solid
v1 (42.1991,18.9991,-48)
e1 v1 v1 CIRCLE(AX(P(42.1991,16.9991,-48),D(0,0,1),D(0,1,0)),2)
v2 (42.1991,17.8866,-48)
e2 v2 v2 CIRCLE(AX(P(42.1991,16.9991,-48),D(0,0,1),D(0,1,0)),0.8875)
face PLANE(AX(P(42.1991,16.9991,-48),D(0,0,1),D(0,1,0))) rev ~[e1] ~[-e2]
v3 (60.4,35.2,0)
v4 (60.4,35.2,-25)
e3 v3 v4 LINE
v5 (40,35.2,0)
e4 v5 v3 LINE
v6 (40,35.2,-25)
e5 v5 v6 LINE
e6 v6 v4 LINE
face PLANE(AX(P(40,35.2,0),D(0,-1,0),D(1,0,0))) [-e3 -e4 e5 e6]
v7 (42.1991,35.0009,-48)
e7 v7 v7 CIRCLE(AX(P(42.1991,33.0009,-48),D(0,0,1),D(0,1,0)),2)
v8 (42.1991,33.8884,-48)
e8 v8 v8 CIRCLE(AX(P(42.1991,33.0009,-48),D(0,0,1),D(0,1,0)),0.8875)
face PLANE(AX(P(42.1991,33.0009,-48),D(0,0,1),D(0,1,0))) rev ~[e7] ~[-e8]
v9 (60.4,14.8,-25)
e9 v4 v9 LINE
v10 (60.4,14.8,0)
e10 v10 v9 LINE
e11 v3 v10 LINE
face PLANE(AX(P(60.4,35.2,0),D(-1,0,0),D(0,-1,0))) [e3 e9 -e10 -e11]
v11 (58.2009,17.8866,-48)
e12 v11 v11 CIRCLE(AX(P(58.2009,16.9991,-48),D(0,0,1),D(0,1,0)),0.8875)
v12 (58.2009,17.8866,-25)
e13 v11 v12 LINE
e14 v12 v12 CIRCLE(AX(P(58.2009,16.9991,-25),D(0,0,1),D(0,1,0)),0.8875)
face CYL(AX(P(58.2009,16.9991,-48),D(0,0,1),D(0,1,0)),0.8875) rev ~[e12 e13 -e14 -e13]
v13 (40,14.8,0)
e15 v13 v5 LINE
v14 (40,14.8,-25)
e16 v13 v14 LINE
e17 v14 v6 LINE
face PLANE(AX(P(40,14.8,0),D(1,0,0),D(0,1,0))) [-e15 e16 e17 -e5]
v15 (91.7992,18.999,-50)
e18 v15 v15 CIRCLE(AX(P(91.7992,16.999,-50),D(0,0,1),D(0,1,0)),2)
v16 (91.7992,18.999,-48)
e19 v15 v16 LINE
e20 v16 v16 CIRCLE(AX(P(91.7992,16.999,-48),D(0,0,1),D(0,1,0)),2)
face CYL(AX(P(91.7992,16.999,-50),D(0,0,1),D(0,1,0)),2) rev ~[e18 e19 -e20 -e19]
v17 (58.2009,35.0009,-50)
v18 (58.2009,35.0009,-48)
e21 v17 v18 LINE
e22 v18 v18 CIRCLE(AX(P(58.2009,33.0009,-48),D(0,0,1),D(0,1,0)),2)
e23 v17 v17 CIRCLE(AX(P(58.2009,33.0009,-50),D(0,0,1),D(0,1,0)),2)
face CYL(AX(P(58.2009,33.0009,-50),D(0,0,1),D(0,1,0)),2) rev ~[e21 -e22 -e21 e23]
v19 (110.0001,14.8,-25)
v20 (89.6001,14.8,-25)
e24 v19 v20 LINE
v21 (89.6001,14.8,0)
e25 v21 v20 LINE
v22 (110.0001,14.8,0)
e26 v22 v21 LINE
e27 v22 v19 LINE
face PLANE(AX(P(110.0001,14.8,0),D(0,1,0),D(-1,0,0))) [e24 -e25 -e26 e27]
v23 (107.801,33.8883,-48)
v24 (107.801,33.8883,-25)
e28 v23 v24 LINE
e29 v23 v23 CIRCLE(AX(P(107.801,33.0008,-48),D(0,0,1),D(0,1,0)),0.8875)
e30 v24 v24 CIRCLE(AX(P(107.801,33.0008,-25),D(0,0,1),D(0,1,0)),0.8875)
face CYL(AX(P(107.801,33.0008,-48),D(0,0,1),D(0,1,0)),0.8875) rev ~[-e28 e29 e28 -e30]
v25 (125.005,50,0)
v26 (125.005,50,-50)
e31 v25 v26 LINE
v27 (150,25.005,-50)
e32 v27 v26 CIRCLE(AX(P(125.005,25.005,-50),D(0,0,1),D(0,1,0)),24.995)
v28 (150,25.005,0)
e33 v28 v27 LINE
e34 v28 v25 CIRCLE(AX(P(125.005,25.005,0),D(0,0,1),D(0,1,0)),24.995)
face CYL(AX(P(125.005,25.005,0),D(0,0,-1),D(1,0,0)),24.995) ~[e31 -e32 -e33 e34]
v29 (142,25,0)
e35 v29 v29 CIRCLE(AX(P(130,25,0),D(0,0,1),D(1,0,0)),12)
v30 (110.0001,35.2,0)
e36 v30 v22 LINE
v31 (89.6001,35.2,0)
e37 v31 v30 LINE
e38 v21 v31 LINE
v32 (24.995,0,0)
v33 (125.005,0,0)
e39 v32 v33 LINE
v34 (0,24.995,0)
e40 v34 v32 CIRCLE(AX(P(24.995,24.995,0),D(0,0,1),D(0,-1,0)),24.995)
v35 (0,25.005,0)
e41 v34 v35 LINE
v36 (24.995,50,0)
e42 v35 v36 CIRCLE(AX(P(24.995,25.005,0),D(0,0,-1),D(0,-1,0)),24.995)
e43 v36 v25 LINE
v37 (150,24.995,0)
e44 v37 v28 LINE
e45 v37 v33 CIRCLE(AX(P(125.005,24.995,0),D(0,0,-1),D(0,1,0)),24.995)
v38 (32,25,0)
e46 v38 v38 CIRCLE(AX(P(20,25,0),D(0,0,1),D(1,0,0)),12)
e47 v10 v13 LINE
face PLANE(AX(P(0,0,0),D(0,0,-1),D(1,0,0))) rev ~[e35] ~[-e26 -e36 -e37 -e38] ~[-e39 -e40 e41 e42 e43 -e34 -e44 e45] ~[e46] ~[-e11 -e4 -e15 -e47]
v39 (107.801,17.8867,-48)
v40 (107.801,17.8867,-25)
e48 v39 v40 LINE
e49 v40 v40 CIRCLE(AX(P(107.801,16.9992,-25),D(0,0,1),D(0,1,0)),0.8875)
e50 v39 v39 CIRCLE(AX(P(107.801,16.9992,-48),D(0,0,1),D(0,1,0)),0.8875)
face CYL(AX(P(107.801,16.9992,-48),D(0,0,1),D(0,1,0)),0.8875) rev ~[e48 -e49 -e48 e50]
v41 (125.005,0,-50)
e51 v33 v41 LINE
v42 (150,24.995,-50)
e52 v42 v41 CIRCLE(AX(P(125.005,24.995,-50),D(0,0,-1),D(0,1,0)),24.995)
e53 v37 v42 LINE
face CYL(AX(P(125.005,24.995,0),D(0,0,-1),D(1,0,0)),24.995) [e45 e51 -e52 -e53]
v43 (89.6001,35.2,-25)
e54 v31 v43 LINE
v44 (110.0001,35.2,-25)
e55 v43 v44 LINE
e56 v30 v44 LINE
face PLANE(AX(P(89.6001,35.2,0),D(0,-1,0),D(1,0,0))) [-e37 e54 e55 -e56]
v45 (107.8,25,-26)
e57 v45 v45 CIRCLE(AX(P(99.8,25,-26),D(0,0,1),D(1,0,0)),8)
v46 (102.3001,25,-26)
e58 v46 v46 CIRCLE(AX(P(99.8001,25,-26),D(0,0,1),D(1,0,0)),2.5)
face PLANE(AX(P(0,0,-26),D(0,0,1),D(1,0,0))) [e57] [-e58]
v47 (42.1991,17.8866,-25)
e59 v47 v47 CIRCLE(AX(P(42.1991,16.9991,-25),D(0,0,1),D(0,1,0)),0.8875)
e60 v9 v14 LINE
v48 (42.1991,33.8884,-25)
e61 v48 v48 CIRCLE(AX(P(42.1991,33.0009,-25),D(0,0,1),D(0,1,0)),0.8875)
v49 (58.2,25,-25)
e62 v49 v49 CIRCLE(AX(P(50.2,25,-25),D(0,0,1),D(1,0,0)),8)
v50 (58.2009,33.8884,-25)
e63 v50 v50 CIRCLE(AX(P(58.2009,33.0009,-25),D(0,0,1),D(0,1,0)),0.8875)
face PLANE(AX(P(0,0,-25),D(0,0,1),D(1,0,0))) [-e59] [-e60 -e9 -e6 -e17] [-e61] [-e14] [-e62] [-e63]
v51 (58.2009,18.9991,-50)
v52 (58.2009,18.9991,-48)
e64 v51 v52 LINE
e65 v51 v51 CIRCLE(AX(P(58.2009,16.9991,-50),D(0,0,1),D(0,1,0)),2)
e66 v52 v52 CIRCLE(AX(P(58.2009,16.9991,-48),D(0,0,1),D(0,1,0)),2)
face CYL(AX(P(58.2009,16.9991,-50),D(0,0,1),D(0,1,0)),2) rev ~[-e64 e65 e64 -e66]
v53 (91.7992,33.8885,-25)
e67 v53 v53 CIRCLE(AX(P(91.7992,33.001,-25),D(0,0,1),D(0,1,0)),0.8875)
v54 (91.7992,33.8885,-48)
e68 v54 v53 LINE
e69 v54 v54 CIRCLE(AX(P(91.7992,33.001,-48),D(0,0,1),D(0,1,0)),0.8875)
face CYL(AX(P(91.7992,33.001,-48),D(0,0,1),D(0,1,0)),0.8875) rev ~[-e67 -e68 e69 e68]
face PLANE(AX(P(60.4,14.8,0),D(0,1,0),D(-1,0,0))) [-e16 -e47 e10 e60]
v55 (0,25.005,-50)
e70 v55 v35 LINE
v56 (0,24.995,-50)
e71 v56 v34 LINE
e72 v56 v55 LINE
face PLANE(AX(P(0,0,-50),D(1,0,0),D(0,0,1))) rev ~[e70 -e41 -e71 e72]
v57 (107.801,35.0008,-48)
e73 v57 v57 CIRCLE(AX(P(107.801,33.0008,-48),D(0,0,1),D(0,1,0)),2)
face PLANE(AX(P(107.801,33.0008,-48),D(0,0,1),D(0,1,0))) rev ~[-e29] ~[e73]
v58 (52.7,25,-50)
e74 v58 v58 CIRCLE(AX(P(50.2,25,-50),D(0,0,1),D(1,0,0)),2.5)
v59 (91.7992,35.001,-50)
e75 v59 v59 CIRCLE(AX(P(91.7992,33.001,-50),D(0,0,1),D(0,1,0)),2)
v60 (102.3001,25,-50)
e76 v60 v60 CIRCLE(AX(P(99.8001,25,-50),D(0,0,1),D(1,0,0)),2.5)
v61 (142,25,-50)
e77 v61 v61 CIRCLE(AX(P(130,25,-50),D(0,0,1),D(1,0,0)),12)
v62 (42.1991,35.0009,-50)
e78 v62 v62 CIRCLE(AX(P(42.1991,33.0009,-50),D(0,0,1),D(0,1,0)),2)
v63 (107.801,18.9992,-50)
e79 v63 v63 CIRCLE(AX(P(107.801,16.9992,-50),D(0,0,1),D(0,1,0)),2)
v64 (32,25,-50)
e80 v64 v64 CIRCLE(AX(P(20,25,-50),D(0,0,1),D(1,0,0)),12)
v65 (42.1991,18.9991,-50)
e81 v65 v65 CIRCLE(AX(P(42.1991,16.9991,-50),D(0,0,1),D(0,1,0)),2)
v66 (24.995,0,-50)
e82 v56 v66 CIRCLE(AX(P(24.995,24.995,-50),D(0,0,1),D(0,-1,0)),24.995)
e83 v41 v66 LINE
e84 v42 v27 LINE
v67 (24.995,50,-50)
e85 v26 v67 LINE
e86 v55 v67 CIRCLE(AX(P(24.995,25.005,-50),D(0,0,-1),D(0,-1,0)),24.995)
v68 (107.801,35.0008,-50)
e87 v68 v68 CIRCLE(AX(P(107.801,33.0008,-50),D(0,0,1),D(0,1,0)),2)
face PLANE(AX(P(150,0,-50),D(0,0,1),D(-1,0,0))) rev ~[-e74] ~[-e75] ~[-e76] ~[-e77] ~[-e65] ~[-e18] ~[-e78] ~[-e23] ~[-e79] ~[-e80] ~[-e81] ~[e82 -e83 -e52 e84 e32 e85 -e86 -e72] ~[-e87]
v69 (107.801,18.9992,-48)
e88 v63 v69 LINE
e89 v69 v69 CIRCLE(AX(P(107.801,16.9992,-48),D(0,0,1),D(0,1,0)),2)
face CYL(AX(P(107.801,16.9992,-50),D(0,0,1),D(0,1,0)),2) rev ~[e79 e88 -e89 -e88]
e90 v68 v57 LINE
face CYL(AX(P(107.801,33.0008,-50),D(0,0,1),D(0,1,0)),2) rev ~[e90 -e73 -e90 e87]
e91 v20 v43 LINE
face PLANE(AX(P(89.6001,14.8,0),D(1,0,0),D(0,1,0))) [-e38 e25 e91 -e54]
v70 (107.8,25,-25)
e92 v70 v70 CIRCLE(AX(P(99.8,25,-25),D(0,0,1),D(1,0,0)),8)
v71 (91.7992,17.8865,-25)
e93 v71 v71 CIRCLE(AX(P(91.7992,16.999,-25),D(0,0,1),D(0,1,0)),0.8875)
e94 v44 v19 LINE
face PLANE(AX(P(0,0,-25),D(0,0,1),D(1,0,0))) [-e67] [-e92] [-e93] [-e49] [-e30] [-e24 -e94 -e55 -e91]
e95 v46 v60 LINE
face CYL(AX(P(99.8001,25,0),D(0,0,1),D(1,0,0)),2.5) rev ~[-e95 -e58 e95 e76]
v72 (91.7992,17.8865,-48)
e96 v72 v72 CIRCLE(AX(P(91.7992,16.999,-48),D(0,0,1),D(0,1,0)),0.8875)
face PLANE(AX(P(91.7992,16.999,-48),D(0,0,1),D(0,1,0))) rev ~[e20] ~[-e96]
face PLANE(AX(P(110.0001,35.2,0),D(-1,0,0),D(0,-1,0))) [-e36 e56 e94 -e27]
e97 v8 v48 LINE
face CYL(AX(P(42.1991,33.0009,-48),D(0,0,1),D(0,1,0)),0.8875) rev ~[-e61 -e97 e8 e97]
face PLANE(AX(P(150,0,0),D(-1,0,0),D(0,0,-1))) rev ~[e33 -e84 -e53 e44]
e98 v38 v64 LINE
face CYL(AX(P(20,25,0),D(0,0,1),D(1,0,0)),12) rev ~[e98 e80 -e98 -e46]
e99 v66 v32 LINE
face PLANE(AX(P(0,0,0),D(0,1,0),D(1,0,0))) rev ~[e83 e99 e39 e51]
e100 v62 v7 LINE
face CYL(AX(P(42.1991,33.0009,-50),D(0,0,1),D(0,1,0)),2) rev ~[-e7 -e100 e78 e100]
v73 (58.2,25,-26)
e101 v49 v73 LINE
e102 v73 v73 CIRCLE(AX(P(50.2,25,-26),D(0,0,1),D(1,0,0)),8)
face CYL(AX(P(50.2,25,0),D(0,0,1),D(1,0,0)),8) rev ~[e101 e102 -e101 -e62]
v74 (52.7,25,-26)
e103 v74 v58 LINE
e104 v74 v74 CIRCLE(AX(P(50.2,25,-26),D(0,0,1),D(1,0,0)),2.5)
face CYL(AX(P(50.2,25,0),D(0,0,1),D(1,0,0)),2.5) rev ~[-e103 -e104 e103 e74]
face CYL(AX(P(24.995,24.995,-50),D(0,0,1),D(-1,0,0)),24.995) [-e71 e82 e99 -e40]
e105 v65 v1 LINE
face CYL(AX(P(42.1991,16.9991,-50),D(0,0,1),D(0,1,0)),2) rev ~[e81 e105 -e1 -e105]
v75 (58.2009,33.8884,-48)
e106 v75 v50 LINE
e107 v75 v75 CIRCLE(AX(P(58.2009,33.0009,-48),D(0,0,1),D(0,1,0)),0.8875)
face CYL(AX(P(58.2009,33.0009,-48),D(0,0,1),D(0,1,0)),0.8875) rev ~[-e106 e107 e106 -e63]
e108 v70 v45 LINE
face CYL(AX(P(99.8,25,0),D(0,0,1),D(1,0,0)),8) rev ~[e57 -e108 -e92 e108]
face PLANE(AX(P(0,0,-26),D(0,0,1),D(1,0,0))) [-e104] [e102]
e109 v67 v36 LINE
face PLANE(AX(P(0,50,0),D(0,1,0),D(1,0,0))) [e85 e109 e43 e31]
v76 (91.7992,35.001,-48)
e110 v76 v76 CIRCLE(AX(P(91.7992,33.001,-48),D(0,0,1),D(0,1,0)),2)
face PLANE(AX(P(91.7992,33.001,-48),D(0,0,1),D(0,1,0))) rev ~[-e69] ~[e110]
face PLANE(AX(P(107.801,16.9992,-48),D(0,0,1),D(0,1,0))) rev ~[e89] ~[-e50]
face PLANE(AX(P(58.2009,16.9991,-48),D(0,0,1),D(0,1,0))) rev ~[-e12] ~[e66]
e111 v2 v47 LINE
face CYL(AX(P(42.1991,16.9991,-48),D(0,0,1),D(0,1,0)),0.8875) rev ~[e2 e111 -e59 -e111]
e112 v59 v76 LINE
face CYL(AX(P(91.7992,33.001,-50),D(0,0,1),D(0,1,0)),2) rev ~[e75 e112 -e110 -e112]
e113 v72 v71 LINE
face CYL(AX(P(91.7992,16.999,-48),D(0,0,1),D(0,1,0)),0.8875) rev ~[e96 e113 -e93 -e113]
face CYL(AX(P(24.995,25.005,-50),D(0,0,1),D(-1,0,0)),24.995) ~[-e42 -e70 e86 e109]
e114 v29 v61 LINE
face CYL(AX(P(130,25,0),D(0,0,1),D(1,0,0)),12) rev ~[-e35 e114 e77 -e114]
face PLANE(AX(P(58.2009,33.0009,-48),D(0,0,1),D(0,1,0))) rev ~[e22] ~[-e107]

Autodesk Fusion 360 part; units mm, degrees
sketch "Sketch2" plane through (0, 0, 0) normal (0, 1, 0) x (1, 0, 0)
  line L0 (0, 0) -> (150, 0)
  line L1 (150, 0) -> (150, 50)
  line L2 (150, 50) -> (0, 50)
  line L3 (0, 50) -> (0, 0)
  dimension "d11" = 150
  dimension "d12" = 50
extrude "Extrude2" add sketch "Sketch2" along normal blind 50
fillet "Fillet3" radius 25 4 edges at (0, 50, -25) (0, 0, -25) (150, 50, -25) (150, 0, -25)
sketch "Sketch3" plane through (0, 0, 0) normal (0, 0, 1) x (1, 0, 0)
  arc A0 (125, 0) -> (125, 50) centre (125, 25) ccw
  line L0 (125, 50) -> (25, 50)
  arc A1 (25, 50) -> (25, 0) centre (25, 25) ccw
  line L1 (25, 0) -> (125, 0)
  circle A2 centre (20, 25) radius 12
  circle A3 centre (130, 25) radius 12
  dimension "d19" = 24
  dimension "d20" = 24
extrude "Extrude3" cut sketch "Sketch3" against normal blind 105 contours A2 | A3
sketch "Sketch4" plane through (0, 0, 0) normal (0, 0, 1) x (1, 0, 0)
  line L0 (110.0001, 14.8) -> (89.6001, 14.8)
  line L1 (89.6001, 14.8) -> (89.6001, 35.2)
  line L2 (89.6001, 35.2) -> (110.0001, 35.2)
  line L3 (110.0001, 35.2) -> (110.0001, 14.8)
  line L4 (40, 35.2) -> (60.4, 35.2)
  line L5 (60.4, 35.2) -> (60.4, 14.8)
  line L6 (60.4, 14.8) -> (40, 14.8)
  line L7 (40, 14.8) -> (40, 35.2)
extrude "Extrude4" cut sketch "Sketch4" against normal blind 25
sketch "Sketch5" plane through (0, 0, 0) normal (0, 0, 1) x (1, 0, 0)
  line L0 (60.4, 35.2) -> (60.4, 14.8)
  line L1 (60.4, 14.8) -> (40, 14.8)
  line L2 (40, 14.8) -> (40, 35.2)
  line L3 (40, 35.2) -> (60.4, 35.2)
  line L4 (89.6001, 14.8) -> (89.6001, 35.2)
  line L5 (89.6001, 35.2) -> (110.0001, 35.2)
  line L6 (110.0001, 35.2) -> (110.0001, 14.8)
  line L7 (110.0001, 14.8) -> (89.6001, 14.8)
  circle A0 centre (20, 25) radius 12
  circle A1 centre (130, 25) radius 12
  arc A2 (125, 0) -> (125, 50) centre (125, 25) ccw
  line L8 (125, 50) -> (25, 50)
  arc A3 (25, 50) -> (25, 0) centre (25, 25) ccw
  line L9 (25, 0) -> (125, 0)
  circle A4 centre (50.2, 25) radius 2.5
  circle A5 centre (99.8001, 25) radius 2.5
  dimension "d39" = 5
  dimension "d40" = 5
extrude "Extrude5" cut sketch "Sketch5" against normal blind 85 contours A4 | A5
sketch "Sketch6" plane through (0, 0, 0) normal (0, 0, 1) x (1, 0, 0)
  circle A0 centre (50.2, 25) radius 8
  circle A1 centre (99.8, 25) radius 8
  dimension "d43" = 16
  dimension "d44" = 16
extrude "Extrude6" cut sketch "Sketch6" against normal blind 26
sketch "Sketch7" plane through (0, 0, 0) normal (0, 0, 1) x (1, 0, 0)
  line L0 (60.4, 35.2) -> (60.4, 14.8)
  line L1 (60.4, 14.8) -> (40, 14.8)
  line L2 (40, 14.8) -> (40, 35.2)
  line L3 (40, 35.2) -> (60.4, 35.2)
  line L4 (89.6001, 14.8) -> (89.6001, 35.2)
  line L5 (89.6001, 35.2) -> (110.0001, 35.2)
  line L6 (110.0001, 35.2) -> (110.0001, 14.8)
  line L7 (110.0001, 14.8) -> (89.6001, 14.8)
  circle A0 centre (20, 25) radius 12
  circle A1 centre (130, 25) radius 12
  arc A2 (125, 0) -> (125, 50) centre (125, 25) ccw
  line L8 (125, 50) -> (25, 50)
  arc A3 (25, 50) -> (25, 0) centre (25, 25) ccw
  line L9 (25, 0) -> (125, 0)
  circle A4 centre (42.1991, 33.0009) radius 1.1
  circle A5 centre (58.2009, 33.0009) radius 1.1
  circle A6 centre (58.2009, 16.9991) radius 1.1
  circle A7 centre (42.1991, 16.9991) radius 1.1
  circle A8 centre (91.7992, 33.001) radius 1.1
  circle A9 centre (91.7992, 16.999) radius 1.1
  circle A10 centre (107.801, 16.9992) radius 1.1
  circle A11 centre (107.801, 33.0008) radius 1.1
  dimension "d48" = 2.2
  dimension "d49" = 2.2
  dimension "d50" = 2.2
  dimension "d51" = 2.2
  dimension "d53" = 2.2
  dimension "d54" = 2.2
  dimension "d55" = 2.2
  dimension "d56" = 2.2
sketch "Sketch8" plane through (0, 0, -50) normal (0, 0, -1) x (-1, 0, 0)
  circle A0 centre (-50.2, 25) radius 2.5
  circle A1 centre (-99.8001, 25) radius 2.5
  circle A2 centre (-20, 25) radius 12
  circle A3 centre (-130, 25) radius 12
  arc A4 (-125, 50) -> (-125, 0) centre (-125, 25) ccw
  line L0 (-125, 0) -> (-25, 0)
  arc A5 (-25, 0) -> (-25, 50) centre (-25, 25) ccw
  line L1 (-25, 50) -> (-125, 50)
  line L2 (-107.801, 16.9992) -> (-105.9894, 15.4871)
  curve L3
  curve L4
  curve L5
  curve L6
  line L7 (-91.7992, 16.999) -> (-88.5659, 15.2744)
  line L8 (-58.2009, 33.0009) -> (-55, 31)
  line L9 (-42.1991, 33.0009) -> (-38, 28)
  line L10 (-58.2009, 16.9991) -> (-57, 14)
  line L11 (-42.1991, 16.9991) -> (-41, 14)
  dimension "d60" = 6.53
hole "Hole1" at (107.801, 33.0008, -50) at (91.7992, 33.001, -50) at (91.7992, 16.999, -50) at (107.801, 16.9992, -50) at (58.2009, 16.9991, -50) at (58.2009, 33.0009, -50) at (42.1991, 33.0009, -50) at (42.1991, 16.9991, -50) direction (0, 0, 1) diameter 1.775 depth 35 tip angle 118 counterbore diameter 4 counterbore depth 2
